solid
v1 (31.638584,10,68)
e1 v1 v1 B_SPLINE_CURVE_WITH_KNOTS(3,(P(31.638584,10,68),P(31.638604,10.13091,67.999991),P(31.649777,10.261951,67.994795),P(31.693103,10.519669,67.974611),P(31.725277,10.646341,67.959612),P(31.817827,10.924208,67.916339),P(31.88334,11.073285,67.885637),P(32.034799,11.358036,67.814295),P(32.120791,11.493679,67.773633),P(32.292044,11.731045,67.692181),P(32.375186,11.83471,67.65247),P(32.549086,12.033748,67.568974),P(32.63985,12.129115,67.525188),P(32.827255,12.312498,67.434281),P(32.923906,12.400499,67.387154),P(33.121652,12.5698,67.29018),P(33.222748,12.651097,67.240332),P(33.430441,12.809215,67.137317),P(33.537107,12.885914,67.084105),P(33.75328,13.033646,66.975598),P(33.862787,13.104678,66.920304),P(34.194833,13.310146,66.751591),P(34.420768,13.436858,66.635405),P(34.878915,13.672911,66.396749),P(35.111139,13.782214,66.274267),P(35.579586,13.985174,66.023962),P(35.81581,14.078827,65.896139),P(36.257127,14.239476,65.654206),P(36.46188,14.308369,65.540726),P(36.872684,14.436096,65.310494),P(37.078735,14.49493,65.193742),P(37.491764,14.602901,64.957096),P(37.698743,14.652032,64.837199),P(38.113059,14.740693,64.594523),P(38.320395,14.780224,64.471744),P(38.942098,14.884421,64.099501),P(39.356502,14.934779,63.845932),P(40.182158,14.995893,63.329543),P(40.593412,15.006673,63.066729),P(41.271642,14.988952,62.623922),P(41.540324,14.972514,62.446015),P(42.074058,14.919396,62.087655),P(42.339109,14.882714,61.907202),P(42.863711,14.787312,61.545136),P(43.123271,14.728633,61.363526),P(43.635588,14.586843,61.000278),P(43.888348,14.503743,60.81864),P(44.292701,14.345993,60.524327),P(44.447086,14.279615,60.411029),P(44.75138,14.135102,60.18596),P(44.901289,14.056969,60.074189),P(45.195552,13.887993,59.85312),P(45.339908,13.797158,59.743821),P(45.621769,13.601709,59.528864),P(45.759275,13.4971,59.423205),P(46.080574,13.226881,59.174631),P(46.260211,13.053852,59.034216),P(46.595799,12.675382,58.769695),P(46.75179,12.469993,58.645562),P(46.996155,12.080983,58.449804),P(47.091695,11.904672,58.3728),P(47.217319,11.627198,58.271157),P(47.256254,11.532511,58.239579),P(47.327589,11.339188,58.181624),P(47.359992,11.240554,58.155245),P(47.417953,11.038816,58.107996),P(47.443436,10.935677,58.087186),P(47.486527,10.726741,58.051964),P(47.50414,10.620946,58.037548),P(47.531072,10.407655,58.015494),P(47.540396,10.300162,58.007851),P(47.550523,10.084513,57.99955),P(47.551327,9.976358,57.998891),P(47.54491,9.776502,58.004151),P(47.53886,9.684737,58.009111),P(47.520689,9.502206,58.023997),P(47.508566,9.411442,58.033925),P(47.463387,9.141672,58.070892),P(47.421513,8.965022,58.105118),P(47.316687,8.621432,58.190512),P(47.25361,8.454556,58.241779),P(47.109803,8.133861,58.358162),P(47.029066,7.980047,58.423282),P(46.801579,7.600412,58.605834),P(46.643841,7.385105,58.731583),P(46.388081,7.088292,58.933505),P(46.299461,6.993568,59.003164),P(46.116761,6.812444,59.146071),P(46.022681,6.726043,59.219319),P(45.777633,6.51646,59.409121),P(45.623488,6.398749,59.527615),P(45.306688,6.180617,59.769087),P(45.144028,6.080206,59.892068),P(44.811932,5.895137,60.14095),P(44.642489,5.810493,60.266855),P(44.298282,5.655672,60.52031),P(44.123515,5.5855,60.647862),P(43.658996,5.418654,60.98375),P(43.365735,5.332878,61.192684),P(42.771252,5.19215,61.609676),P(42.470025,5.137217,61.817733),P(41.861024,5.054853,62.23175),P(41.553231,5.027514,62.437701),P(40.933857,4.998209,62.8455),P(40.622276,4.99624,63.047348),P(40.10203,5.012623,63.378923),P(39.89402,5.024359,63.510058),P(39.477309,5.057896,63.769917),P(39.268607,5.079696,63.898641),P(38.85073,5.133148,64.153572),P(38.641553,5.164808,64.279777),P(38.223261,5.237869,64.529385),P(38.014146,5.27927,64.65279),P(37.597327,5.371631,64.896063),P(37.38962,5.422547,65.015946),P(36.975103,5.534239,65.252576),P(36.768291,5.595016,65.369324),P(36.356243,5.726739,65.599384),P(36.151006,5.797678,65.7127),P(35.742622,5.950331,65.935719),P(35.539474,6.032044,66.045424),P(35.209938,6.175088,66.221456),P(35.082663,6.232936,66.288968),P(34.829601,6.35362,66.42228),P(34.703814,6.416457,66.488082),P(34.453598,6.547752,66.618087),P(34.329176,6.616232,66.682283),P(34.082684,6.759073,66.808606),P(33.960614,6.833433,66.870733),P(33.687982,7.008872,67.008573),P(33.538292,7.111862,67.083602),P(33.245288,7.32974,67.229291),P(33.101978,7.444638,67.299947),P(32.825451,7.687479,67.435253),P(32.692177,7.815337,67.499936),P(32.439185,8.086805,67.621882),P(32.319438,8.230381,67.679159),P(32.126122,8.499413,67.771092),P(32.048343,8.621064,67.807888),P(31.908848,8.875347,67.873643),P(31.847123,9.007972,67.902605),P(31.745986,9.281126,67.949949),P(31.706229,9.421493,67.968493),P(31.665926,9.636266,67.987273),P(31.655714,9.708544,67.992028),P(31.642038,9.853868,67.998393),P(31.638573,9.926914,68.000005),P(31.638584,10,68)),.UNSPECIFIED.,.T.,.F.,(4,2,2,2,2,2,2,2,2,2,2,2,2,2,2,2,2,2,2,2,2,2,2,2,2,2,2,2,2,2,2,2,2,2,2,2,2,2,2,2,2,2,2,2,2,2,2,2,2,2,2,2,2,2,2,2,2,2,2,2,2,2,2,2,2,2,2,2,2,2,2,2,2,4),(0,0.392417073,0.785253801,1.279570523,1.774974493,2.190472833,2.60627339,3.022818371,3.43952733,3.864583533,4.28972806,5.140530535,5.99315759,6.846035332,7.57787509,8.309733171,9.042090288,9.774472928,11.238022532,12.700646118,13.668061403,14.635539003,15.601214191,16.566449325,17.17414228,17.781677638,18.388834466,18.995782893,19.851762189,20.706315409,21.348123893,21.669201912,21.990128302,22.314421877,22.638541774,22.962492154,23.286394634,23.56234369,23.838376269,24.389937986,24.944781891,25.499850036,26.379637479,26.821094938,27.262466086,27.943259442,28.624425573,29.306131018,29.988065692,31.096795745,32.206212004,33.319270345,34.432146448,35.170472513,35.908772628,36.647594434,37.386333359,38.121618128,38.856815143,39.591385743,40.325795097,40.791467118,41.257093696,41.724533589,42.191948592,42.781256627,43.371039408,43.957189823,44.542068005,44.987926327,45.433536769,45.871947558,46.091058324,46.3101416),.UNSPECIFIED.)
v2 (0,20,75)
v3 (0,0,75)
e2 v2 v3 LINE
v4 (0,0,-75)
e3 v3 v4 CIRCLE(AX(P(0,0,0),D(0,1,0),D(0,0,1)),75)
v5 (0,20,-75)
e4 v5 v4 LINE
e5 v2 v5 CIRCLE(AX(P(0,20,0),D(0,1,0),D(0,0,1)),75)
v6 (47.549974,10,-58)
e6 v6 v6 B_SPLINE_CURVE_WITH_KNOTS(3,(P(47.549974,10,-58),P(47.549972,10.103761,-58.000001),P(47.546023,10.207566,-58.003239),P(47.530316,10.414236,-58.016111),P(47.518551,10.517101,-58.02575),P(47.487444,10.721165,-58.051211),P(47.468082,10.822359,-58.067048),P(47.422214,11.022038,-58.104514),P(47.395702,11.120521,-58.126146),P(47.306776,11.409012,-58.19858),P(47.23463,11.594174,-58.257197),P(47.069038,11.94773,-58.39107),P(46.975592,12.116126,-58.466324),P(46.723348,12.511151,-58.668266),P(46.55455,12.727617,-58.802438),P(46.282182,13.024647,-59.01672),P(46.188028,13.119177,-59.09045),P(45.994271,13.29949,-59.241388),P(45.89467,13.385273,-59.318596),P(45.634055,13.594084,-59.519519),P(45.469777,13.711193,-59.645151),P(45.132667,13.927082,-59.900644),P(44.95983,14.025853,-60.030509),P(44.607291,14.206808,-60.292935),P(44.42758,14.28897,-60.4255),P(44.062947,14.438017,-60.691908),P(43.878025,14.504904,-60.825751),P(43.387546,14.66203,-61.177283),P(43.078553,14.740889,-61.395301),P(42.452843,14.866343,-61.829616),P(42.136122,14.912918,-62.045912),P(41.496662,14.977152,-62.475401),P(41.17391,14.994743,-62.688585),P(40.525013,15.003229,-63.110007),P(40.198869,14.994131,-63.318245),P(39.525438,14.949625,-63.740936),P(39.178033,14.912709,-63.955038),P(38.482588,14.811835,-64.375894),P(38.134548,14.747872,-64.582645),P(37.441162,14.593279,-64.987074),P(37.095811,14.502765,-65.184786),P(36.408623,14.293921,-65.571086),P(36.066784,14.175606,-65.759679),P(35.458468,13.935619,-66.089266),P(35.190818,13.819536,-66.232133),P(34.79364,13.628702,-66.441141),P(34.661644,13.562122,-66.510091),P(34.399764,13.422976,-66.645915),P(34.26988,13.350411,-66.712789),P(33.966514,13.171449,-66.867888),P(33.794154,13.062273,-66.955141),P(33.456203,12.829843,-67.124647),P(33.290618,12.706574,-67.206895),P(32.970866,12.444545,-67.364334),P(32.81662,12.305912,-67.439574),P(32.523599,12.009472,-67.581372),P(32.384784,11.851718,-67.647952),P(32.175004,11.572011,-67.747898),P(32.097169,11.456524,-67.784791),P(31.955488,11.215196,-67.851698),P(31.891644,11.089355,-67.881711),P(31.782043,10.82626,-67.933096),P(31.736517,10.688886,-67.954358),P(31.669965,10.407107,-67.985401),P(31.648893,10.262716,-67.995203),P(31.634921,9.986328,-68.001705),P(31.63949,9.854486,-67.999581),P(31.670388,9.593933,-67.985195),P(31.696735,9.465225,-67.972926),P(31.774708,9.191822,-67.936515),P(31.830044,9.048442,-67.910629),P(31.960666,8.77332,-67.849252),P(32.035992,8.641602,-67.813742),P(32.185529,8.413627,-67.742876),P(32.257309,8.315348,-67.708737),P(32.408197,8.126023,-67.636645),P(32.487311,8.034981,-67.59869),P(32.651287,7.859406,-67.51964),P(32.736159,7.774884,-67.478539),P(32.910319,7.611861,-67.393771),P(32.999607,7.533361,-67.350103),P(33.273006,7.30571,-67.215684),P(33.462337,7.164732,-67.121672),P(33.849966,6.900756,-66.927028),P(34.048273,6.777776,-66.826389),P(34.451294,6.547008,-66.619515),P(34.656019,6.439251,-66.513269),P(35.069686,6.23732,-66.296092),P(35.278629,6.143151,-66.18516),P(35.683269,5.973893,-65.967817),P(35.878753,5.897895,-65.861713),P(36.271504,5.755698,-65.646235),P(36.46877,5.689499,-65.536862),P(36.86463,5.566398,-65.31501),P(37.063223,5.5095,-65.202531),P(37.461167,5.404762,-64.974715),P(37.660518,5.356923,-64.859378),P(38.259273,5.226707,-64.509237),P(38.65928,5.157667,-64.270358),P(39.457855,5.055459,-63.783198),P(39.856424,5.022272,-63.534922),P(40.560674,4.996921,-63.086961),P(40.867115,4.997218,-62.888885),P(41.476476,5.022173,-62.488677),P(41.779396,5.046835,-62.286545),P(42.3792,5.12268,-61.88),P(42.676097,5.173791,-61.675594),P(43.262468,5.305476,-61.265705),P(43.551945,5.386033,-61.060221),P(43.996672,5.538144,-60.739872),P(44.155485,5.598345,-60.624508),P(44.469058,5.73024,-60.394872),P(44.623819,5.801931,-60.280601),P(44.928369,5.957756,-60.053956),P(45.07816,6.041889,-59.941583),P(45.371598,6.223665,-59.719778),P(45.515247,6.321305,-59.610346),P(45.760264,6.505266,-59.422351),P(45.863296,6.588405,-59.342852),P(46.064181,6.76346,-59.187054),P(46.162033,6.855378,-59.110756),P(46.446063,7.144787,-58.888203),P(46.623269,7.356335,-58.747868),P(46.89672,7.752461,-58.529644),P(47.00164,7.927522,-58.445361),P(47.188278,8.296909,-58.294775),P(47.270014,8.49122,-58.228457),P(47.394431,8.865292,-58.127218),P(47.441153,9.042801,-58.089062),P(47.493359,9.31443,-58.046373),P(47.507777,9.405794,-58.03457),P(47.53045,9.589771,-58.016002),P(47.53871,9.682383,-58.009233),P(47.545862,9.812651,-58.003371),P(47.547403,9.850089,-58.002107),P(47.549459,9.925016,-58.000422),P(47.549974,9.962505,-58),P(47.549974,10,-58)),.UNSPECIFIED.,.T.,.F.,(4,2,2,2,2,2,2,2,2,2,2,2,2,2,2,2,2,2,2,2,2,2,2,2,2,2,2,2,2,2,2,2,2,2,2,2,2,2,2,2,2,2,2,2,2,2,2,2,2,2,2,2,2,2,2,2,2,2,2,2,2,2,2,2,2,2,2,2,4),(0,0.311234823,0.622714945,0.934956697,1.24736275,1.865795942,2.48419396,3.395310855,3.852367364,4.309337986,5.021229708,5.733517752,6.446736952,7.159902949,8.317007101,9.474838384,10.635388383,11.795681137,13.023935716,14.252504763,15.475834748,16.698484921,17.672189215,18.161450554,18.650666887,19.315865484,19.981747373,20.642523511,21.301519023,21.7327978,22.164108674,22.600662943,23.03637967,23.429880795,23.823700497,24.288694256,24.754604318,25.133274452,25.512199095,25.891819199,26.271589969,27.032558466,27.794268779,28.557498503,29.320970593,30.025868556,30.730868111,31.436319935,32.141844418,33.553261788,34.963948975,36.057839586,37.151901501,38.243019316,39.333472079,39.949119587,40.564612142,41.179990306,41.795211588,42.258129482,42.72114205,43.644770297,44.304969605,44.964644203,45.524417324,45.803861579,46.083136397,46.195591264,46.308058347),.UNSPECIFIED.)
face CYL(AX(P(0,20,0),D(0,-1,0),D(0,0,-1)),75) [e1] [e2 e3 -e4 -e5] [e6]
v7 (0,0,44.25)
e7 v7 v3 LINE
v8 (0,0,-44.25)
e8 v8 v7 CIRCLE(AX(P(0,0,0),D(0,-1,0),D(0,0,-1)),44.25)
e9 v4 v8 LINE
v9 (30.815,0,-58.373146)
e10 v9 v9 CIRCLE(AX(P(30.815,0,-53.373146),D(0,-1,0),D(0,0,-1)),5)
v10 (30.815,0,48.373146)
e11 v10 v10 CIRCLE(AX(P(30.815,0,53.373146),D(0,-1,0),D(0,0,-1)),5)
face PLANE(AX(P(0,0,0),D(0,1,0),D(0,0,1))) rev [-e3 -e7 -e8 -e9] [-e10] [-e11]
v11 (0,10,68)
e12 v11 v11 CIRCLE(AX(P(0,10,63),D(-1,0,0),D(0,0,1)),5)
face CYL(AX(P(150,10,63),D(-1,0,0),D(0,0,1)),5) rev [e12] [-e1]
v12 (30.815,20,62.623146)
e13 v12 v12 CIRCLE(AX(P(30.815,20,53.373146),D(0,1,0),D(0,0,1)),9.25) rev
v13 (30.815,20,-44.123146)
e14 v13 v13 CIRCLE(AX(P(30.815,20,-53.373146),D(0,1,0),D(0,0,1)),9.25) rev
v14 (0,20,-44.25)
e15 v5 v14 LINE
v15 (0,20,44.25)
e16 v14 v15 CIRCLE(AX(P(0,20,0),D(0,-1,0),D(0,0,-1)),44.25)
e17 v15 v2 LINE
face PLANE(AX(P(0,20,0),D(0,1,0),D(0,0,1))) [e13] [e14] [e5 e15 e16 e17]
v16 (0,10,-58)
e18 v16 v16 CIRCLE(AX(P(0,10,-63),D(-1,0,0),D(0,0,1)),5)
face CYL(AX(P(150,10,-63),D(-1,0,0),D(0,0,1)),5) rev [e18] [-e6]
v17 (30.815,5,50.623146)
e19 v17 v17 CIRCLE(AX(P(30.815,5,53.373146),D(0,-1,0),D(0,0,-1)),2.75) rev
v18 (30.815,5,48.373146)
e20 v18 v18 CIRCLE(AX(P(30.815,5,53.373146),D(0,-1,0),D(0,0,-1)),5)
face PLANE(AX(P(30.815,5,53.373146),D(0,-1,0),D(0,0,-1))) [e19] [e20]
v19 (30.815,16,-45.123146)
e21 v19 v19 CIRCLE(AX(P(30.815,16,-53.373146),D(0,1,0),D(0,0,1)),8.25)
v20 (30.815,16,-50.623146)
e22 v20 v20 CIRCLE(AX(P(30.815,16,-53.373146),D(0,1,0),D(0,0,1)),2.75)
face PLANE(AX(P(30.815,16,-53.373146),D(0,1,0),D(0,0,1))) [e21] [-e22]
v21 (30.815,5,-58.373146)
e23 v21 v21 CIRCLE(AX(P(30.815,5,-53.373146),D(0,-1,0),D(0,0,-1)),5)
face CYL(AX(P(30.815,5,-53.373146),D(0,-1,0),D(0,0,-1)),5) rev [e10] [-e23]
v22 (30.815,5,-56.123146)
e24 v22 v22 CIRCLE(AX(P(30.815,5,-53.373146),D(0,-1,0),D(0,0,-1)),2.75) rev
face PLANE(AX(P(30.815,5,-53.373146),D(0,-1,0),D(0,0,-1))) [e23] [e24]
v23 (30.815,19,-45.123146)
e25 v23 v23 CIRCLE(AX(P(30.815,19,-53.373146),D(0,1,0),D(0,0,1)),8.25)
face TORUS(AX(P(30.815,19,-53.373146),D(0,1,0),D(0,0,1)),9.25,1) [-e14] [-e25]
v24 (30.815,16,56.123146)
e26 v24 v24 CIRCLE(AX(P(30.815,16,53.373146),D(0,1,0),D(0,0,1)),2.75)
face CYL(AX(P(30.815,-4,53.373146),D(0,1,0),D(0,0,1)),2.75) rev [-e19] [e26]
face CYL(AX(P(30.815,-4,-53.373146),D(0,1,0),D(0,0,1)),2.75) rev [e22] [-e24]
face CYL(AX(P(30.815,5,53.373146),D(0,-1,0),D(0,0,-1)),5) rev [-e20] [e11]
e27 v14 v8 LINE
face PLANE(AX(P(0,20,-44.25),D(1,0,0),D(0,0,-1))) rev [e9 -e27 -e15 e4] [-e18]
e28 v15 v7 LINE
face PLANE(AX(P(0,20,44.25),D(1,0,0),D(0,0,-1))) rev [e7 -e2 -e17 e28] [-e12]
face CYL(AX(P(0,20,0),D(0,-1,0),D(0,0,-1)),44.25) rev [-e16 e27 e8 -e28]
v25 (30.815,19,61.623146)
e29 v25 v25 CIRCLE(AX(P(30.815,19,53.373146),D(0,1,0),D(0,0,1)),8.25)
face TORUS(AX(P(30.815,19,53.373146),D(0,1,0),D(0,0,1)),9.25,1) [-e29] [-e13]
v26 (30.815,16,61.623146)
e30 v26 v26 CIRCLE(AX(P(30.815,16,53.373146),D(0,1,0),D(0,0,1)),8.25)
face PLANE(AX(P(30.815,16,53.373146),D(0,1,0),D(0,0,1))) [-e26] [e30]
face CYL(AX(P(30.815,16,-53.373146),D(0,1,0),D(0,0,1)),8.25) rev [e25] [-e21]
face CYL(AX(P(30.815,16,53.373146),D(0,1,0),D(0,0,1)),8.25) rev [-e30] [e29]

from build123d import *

# Parameters (mm, degrees)
BOSS_EXTRUDE1_DEPTH = 20
SKETCH2_R           = 5
CUT_EXTRUDE1_DEPTH  = 150
SKETCH3_R           = 8.25
CUT_EXTRUDE3_DEPTH  = 4
SKETCH4_R           = 2.75
CUT_EXTRUDE4_DEPTH  = 20
SKETCH5_R           = 5
CUT_EXTRUDE5_DEPTH  = 5
FILLET1_R           = 1


with BuildPart() as part:
    # Sketch1 → Boss-Extrude1 (new body)
    with BuildSketch(Plane(origin=(0, 0, 0), x_dir=(1, 0, 0), z_dir=(0, 1, 0))):
        with BuildLine():
            Line((0, 44.25), (0, 75))
            ThreePointArc((0, 75), (75, 0), (0, -75))
            Line((0, -75), (0, -44.25))
            ThreePointArc((0, -44.25), (44.25, 0), (0, 44.25))
        make_face()
    extrude(amount=BOSS_EXTRUDE1_DEPTH)

    # Sketch2 → Cut-Extrude1 (cut)
    with BuildSketch(Plane.ZY):
        with Locations((-63, 10)):
            Circle(SKETCH2_R)
        with Locations((63, 10)):
            Circle(SKETCH2_R)
    extrude(amount=-CUT_EXTRUDE1_DEPTH, mode=Mode.SUBTRACT)

    # Sketch3 → Cut-Extrude3 (cut)
    with BuildSketch(Plane(origin=(0, 20, 0), x_dir=(1, 0, 0), z_dir=(0, 1, 0))):
        with Locations(Location((30.815, -53.373145635, 0), (0, 0, 270))):
            Circle(SKETCH3_R)
        with Locations(Location((30.815, 53.373145635, 0), (0, 0, 270))):
            Circle(SKETCH3_R)
    extrude(amount=-CUT_EXTRUDE3_DEPTH, mode=Mode.SUBTRACT)

    # Sketch4 → Cut-Extrude4 (cut)
    with BuildSketch(Plane(origin=(0, 16, 0), x_dir=(1, 0, 0), z_dir=(0, 1, 0))):
        with Locations(Location((30.815, 53.373145635, 0), (0, 0, 270))):
            Circle(SKETCH4_R)
        with Locations(Location((30.815, -53.373145635, 0), (0, 0, 270))):
            Circle(SKETCH4_R)
    extrude(amount=-CUT_EXTRUDE4_DEPTH, mode=Mode.SUBTRACT)

    # Sketch5 → Cut-Extrude5 (cut)
    with BuildSketch(Plane.XZ):
        with Locations(Location((30.815, 53.373145635, 0), (0, 0, 270))):
            Circle(SKETCH5_R)
        with Locations(Location((30.815, -53.373145635, 0), (0, 0, 270))):
            Circle(SKETCH5_R)
    extrude(amount=-CUT_EXTRUDE5_DEPTH, mode=Mode.SUBTRACT)

    # Fillet1
    fillet1_edges = [part.edges().sort_by_distance(p)[0] for p in [
        (30.815, 20, 45.123145635),
        (30.815, 20, -61.623145635),
    ]]
    fillet(fillet1_edges, radius=FILLET1_R)


solid = part.part
